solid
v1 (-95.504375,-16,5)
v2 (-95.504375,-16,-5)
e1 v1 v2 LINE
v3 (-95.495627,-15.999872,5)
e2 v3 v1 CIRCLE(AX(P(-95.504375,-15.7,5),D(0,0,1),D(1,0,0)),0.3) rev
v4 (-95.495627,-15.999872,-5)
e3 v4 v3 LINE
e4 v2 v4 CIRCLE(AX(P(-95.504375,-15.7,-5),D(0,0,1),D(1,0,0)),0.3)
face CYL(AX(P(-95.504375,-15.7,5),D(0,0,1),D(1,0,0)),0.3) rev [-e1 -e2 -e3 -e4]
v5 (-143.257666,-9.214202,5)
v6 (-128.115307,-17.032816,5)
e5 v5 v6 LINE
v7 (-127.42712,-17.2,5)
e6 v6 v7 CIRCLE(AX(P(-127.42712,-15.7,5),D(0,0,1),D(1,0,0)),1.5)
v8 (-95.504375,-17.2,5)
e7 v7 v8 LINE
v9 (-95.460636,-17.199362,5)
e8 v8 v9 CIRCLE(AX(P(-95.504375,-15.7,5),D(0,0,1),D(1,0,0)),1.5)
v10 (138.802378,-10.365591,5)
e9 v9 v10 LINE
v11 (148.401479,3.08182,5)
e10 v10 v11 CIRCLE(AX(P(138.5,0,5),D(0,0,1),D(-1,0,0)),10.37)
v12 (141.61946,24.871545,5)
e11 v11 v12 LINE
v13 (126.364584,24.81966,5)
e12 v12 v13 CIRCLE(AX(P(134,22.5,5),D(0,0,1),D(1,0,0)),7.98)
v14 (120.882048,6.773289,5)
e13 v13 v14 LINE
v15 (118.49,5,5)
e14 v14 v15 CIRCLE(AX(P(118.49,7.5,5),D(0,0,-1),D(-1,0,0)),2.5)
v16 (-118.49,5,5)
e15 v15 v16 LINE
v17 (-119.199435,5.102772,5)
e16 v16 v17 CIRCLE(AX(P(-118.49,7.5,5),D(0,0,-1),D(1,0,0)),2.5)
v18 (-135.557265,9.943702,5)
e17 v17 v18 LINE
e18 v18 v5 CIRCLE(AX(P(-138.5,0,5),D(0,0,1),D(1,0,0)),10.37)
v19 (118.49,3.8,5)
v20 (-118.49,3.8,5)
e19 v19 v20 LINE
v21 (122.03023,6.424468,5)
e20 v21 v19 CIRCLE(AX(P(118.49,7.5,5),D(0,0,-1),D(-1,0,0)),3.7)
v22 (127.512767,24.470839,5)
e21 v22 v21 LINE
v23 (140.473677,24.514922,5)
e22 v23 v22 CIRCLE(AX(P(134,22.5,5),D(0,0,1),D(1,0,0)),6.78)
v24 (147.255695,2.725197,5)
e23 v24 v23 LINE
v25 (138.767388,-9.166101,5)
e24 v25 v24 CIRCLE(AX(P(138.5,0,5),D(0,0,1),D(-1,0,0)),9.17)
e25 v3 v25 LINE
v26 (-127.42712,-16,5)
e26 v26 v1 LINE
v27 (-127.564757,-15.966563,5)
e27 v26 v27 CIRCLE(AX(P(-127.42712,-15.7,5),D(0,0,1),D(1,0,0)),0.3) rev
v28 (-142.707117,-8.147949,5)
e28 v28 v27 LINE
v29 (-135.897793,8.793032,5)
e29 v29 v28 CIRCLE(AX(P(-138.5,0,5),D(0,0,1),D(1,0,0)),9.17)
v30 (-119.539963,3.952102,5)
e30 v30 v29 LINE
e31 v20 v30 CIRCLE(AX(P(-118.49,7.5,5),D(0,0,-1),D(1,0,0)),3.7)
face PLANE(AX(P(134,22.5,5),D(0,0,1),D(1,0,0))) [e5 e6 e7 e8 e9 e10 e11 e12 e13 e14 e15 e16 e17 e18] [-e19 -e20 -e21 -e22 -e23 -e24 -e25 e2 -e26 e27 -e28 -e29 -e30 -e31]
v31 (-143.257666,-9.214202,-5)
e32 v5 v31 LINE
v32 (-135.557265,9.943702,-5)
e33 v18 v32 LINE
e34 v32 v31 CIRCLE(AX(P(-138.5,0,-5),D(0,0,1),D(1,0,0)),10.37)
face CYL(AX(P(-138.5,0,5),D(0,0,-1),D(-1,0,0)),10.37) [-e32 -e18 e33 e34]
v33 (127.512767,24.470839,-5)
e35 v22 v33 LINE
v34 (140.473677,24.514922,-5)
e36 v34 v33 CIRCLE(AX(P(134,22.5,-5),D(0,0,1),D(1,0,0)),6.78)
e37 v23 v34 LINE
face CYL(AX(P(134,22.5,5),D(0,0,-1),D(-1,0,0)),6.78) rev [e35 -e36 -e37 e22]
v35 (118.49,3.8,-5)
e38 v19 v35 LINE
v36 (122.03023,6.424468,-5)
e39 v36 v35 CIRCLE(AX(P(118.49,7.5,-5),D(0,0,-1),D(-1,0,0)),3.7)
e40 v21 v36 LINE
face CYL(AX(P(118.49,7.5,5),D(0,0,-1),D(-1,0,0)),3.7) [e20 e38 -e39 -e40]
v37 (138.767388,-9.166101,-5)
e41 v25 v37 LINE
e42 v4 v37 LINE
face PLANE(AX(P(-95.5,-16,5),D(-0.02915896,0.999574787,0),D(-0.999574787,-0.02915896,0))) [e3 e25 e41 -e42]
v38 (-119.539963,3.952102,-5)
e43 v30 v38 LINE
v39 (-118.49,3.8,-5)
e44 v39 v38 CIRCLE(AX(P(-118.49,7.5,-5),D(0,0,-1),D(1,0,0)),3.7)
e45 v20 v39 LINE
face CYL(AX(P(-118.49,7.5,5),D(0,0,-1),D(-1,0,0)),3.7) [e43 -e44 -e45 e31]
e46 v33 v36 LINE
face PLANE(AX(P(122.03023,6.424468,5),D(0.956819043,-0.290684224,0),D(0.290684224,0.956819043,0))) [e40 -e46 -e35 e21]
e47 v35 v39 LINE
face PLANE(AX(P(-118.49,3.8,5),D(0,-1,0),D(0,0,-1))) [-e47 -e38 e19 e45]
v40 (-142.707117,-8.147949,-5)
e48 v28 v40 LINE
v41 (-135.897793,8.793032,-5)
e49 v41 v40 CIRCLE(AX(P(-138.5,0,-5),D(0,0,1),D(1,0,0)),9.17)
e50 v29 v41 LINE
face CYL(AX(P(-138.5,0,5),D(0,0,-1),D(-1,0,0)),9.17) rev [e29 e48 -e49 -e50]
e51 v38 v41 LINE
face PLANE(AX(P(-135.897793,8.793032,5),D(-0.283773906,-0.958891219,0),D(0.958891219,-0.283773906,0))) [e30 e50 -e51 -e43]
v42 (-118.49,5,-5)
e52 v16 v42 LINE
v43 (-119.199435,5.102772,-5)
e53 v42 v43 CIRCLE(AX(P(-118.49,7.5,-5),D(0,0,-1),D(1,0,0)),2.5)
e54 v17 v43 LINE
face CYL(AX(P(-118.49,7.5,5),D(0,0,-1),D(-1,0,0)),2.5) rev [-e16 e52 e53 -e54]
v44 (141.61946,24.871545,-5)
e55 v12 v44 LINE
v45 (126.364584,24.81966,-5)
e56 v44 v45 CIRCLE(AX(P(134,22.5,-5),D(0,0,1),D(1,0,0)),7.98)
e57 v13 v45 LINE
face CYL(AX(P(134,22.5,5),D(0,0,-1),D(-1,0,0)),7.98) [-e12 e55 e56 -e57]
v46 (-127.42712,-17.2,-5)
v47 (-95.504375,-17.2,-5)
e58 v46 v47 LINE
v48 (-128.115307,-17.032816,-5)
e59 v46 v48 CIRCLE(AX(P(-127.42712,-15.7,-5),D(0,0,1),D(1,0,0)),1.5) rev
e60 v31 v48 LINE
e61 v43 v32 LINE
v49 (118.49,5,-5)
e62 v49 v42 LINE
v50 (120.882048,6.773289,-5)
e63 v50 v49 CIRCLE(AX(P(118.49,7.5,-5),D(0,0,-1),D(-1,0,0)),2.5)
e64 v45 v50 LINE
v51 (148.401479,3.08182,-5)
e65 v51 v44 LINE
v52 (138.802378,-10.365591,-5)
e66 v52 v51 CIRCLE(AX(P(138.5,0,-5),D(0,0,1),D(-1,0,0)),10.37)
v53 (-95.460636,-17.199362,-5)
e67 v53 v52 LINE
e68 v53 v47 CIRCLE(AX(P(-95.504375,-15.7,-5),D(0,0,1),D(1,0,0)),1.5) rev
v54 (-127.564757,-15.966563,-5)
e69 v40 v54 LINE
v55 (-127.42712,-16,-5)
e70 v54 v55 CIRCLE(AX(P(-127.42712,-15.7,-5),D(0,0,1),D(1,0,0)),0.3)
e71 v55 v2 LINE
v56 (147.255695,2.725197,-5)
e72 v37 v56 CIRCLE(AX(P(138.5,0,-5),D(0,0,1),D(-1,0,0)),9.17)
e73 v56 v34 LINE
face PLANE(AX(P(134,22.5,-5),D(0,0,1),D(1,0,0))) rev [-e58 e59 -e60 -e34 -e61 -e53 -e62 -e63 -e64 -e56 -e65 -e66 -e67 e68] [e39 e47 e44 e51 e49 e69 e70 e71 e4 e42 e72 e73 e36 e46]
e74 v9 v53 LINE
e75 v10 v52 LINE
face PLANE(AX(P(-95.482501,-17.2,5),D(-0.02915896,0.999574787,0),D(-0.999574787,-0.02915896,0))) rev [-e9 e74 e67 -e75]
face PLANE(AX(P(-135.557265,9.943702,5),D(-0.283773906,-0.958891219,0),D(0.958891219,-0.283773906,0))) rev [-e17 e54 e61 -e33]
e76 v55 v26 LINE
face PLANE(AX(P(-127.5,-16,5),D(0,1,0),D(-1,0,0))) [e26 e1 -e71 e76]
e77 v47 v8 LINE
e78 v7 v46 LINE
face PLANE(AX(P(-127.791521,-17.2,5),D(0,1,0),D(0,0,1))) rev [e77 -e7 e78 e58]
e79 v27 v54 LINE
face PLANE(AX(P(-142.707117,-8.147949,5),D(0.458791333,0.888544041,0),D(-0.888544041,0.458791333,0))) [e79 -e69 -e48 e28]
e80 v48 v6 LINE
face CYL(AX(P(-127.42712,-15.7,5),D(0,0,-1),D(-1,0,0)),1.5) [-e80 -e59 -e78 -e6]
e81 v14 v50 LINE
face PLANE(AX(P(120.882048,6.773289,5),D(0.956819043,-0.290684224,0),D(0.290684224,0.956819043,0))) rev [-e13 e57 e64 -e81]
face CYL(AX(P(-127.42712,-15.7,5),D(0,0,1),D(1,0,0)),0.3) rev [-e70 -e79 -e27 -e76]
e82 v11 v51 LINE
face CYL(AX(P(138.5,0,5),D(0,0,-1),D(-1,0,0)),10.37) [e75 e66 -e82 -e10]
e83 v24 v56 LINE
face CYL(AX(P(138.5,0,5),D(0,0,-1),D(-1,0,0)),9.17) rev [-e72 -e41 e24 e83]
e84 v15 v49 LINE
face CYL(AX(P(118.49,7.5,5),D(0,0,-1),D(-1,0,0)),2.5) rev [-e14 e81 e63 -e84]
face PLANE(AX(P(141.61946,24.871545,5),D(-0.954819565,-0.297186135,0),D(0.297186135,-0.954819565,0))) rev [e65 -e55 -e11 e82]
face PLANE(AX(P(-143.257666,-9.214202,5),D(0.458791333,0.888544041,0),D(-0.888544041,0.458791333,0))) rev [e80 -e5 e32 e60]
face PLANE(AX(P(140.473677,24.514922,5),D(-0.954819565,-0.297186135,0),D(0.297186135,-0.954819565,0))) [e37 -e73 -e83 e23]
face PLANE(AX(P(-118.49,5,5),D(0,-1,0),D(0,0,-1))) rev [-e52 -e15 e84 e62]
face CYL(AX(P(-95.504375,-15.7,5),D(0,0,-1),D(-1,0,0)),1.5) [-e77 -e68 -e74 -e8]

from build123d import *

# Parameters (mm, degrees)
EXTRUDE_1_DEPTH = 5
FILLET_1_R      = 0.3
FILLET_2_R      = 1.5


with BuildPart() as part:
    # 草图1 → 凸台-拉伸1 (new, symmetric)
    with BuildSketch(Plane.XY):
        with BuildLine():
            Line((141.619460126, 24.871545359), (148.401478886, 3.081820222))
            ThreePointArc((148.401478886, 3.081820222), (146.940254144, -6.024865973), (138.802378413, -10.365590543))
            Line((138.802378413, -10.365590543), (-95.482500904, -17.2))
            Line((-95.482500904, -17.2), (-127.791520657, -17.2))
            Line((-127.791520657, -17.2), (-143.257666119, -9.214201707))
            ThreePointArc((-143.257666119, -9.214201707), (-148.121840336, 3.867439534), (-135.557264597, 9.943701944))
            Line((-135.557264597, 9.943701944), (-119.199434765, 5.102771952))
            ThreePointArc((-119.199434765, 5.102771952), (-118.848420061, 5.025826388), (-118.49, 5))
            Line((-118.49, 5), (118.49, 5))
            ThreePointArc((118.49, 5), (119.978829003, 5.491670296), (120.882047608, 6.773289439))
            Line((120.882047608, 6.773289439), (126.364584034, 24.819660109))
            ThreePointArc((126.364584034, 24.819660109), (133.97285839, 30.479953843), (141.619460126, 24.871545359))
        make_face()
        with BuildLine():
            Line((-135.897793284, 8.793032481), (-119.539963452, 3.952102489))
            ThreePointArc((-119.539963452, 3.952102489), (-119.02046169, 3.838223055), (-118.49, 3.8))
            Line((-118.49, 3.8), (118.49, 3.8))
            ThreePointArc((118.49, 3.8), (120.693466924, 4.527672038), (122.030230461, 6.42446837))
            Line((122.030230461, 6.42446837), (127.512766886, 24.47083904))
            ThreePointArc((127.512766886, 24.47083904), (133.976939835, 29.279960784), (140.473676648, 24.514921996))
            Line((140.473676648, 24.514921996), (147.255695408, 2.725196859))
            ThreePointArc((147.255695408, 2.725196859), (145.963561282, -5.327678011), (138.767387661, -9.166100798))
            Line((138.767387661, -9.166100798), (-95.5, -16))
            Line((-95.5, -16), (-127.5, -16))
            Line((-127.5, -16), (-142.70711652, -8.147948858))
            ThreePointArc((-142.70711652, -8.147948858), (-147.008416189, 3.419905548), (-135.897793284, 8.793032481))
        make_face(mode=Mode.SUBTRACT)
    extrude(amount=EXTRUDE_1_DEPTH, both=True)

    # 圆角1
    fillet_1_edges = [part.edges().sort_by_distance(p)[0] for p in [
        (-127.5, -16, 0),
        (-95.5, -16, 0),
    ]]
    fillet(fillet_1_edges, radius=FILLET_1_R)

    # 圆角2
    fillet_2_edges = [part.edges().sort_by_distance(p)[0] for p in [
        (-95.482500904, -17.2, 0),
        (-127.791520657, -17.2, 0),
    ]]
    fillet(fillet_2_edges, radius=FILLET_2_R)


solid = part.part
